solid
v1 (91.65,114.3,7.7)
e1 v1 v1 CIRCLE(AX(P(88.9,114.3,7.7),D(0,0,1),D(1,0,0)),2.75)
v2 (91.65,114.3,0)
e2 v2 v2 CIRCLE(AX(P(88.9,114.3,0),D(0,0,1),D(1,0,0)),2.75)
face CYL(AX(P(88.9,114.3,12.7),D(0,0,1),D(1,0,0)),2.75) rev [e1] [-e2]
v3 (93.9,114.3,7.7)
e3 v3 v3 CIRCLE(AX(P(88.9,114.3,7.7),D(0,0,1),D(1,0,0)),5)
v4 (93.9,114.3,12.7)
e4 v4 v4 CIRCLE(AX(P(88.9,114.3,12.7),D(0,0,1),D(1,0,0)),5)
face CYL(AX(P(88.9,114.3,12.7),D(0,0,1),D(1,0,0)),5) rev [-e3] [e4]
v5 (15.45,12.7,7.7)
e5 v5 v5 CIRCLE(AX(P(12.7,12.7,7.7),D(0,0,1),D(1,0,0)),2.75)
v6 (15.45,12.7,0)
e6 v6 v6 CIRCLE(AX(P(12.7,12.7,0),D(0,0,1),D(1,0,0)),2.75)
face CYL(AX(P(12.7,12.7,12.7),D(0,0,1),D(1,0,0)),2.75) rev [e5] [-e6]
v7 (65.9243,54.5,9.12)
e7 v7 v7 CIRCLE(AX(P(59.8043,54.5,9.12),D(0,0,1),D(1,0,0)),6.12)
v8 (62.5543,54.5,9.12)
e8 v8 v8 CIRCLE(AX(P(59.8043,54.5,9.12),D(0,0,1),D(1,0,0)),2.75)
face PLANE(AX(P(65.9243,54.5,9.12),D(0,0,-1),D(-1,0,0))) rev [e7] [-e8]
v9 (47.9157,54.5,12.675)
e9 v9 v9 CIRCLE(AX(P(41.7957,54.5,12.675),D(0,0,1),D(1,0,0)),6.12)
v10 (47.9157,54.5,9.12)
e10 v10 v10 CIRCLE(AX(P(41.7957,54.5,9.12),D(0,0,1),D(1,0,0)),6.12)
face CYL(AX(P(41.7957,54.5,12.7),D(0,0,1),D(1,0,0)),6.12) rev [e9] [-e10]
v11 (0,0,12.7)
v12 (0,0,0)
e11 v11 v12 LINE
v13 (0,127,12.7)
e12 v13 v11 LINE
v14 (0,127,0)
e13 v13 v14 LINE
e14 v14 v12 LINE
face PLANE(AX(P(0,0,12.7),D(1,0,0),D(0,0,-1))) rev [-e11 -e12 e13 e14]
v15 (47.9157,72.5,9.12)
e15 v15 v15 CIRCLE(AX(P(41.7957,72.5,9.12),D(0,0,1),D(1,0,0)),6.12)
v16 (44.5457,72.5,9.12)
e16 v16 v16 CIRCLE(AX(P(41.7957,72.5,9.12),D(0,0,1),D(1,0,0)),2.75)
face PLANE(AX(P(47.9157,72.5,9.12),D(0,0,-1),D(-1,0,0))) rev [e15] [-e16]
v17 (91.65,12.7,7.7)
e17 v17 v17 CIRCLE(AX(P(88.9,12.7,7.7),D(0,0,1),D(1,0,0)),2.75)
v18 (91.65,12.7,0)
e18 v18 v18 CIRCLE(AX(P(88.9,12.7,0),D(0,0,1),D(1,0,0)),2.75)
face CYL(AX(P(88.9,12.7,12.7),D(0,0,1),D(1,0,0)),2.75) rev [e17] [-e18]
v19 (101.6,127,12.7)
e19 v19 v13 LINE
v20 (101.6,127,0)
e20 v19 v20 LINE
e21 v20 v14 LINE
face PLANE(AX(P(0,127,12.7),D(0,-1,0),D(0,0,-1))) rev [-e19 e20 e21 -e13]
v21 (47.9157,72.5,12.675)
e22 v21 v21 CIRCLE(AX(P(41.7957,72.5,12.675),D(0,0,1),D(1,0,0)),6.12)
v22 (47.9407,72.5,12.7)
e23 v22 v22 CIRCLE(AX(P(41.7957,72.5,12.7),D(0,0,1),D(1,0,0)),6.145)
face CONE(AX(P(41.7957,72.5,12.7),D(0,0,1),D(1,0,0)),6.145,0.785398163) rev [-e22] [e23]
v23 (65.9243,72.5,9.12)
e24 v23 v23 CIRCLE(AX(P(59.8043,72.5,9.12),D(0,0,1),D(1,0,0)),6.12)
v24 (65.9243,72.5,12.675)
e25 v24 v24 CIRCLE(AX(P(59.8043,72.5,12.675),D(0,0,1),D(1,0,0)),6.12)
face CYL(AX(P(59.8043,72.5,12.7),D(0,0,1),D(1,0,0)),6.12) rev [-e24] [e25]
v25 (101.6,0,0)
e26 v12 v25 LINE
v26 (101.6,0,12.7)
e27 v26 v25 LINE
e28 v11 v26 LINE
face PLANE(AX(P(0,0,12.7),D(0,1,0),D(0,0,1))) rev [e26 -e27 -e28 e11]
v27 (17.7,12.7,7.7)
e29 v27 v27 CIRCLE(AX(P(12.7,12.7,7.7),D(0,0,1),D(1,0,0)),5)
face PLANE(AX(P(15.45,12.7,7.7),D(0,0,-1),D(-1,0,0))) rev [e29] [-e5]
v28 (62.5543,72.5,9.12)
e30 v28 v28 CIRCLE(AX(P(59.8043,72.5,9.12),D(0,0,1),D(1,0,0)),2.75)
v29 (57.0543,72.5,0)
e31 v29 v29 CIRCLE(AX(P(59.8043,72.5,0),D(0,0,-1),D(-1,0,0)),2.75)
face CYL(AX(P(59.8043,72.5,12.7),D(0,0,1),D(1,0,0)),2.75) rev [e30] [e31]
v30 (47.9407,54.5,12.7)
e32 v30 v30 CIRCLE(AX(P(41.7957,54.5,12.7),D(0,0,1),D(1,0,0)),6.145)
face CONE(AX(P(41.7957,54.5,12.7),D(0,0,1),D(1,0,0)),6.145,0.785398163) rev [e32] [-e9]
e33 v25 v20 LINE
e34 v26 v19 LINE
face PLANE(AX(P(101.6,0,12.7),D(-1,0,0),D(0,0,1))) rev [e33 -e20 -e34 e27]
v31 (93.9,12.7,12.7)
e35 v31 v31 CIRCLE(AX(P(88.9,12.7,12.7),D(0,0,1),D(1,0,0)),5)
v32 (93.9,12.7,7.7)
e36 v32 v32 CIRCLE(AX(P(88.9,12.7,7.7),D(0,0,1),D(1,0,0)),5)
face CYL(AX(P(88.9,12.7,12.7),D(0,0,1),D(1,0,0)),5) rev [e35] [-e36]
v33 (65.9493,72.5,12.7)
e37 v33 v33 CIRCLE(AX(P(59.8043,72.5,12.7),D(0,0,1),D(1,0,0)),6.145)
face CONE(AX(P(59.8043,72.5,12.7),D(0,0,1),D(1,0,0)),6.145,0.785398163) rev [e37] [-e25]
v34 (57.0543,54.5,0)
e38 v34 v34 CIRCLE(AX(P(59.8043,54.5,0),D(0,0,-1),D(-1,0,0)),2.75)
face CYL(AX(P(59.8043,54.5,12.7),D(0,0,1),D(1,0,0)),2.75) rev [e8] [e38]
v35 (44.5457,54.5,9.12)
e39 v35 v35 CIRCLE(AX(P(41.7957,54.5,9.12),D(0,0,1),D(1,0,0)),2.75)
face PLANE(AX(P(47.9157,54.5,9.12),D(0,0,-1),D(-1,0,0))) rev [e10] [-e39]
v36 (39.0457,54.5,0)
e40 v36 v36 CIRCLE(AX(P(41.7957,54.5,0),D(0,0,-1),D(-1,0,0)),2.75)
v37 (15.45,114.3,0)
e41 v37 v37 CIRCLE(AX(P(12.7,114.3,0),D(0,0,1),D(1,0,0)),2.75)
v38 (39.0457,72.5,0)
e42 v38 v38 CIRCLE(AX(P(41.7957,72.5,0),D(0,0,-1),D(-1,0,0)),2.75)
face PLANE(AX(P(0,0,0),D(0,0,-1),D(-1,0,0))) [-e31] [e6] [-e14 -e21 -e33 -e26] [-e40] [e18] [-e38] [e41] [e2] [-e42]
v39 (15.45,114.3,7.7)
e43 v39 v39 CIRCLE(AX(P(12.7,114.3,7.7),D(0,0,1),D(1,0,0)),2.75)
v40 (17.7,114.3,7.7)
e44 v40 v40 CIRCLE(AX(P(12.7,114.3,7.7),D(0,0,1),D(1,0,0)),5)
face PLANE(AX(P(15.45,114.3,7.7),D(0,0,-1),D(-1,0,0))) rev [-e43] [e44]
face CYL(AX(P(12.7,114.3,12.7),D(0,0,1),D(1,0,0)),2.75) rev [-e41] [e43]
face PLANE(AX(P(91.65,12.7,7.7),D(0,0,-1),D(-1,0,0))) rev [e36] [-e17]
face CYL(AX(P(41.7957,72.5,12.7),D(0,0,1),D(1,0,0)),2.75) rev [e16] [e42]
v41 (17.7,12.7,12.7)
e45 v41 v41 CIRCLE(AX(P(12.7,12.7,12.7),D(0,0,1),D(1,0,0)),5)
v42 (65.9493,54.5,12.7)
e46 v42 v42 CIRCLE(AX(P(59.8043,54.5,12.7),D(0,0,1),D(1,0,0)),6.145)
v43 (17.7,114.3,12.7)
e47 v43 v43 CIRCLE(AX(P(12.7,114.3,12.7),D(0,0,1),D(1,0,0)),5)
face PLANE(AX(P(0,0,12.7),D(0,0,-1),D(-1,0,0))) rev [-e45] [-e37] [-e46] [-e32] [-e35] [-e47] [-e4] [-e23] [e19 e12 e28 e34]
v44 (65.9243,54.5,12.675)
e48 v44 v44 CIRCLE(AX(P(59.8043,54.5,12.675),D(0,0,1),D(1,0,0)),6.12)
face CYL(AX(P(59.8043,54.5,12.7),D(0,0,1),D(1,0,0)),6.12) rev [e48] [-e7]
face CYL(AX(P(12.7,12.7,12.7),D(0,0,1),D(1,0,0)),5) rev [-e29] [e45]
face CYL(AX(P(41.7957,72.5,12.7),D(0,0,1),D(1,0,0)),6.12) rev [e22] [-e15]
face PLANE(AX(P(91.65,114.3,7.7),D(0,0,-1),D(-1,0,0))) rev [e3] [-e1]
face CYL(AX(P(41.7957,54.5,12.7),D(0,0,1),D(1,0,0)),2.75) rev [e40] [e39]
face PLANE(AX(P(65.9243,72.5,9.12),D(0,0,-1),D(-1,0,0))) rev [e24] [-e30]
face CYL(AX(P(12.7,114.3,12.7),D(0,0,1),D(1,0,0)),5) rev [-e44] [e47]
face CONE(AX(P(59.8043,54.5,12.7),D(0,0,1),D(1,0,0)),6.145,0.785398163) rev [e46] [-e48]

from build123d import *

# Parameters (mm, degrees)
SKETCH1_W                              = 101.6
SKETCH1_H                              = 127
BOSS_EXTRUDE1_DEPTH                    = 12.7
CBORE_FOR_M5_HEX_HEAD_BOLT1_AT_2_COUNT = 2
CBORE_FOR_M5_HEX_HEAD_BOLT1_AT_2_PITCH = 18.0086
CBORE_FOR_M5_HEX_HEAD_BOLT1_AT_3_COUNT = 2
CBORE_FOR_M5_HEX_HEAD_BOLT1_AT_3_PITCH = 25.461925967
CBORE_FOR_M5_HEX_HEAD_BOLT1_AT_4_COUNT = 2
CBORE_FOR_M5_HEX_HEAD_BOLT1_AT_4_PITCH = 18
CBORE_FOR_M5_SHCS1_D                   = 5.5
CBORE_FOR_M5_SHCS1_CBORE_D             = 10
CBORE_FOR_M5_SHCS1_CBORE_DEPTH         = 5


with BuildPart() as part:
    # Sketch1 → Boss-Extrude1 (new body)
    with BuildSketch(Plane.XY):
        with Locations((50.8, 63.5)):
            Rectangle(SKETCH1_W, SKETCH1_H)
    extrude(amount=BOSS_EXTRUDE1_DEPTH)

    # Sketch8 → CBORE for M5 Hex Head Bolt1 (revolve, cut)
    with BuildSketch(Plane(origin=(41.7957, 72.5, 12.7), x_dir=(0, -1, 0), z_dir=(1, 0, 0))):
        Polygon((0, 0), (0, 12.7), (2.75, 12.7), (2.75, 3.58), (6.12, 3.58), (6.12, 0.025), (6.145, 0), align=None)
    cbore_for_m5_hex_head_bolt1 = revolve(axis=Axis((41.7957, 72.5, 19.05), (0, 0, -1)), mode=Mode.SUBTRACT)

    # CBORE for M5 Hex Head Bolt1 at 2: CBORE for M5 Hex Head Bolt1 ×2
    with Locations(*[(i * CBORE_FOR_M5_HEX_HEAD_BOLT1_AT_2_PITCH, 0, 0) for i in range(1, CBORE_FOR_M5_HEX_HEAD_BOLT1_AT_2_COUNT)]):
        add(cbore_for_m5_hex_head_bolt1, mode=Mode.SUBTRACT)

    # CBORE for M5 Hex Head Bolt1 at 3: CBORE for M5 Hex Head Bolt1 ×2
    with Locations(*[Vector(0.7072756406246394, -0.7069378814146302, 0) * (i * CBORE_FOR_M5_HEX_HEAD_BOLT1_AT_3_PITCH) for i in range(1, CBORE_FOR_M5_HEX_HEAD_BOLT1_AT_3_COUNT)]):
        add(cbore_for_m5_hex_head_bolt1, mode=Mode.SUBTRACT)

    # CBORE for M5 Hex Head Bolt1 at 4: CBORE for M5 Hex Head Bolt1 ×2
    with Locations(*[(0, -i * CBORE_FOR_M5_HEX_HEAD_BOLT1_AT_4_PITCH, 0) for i in range(1, CBORE_FOR_M5_HEX_HEAD_BOLT1_AT_4_COUNT)]):
        add(cbore_for_m5_hex_head_bolt1, mode=Mode.SUBTRACT)

    # CBORE for M5 SHCS1 (through all)
    with Locations(Plane.XY.offset(12.7)):
        with Locations((12.7, 114.3), (88.9, 114.3), (88.9, 12.7), (12.7, 12.7)):
            CounterBoreHole(CBORE_FOR_M5_SHCS1_D / 2, CBORE_FOR_M5_SHCS1_CBORE_D / 2, CBORE_FOR_M5_SHCS1_CBORE_DEPTH)


solid = part.part
